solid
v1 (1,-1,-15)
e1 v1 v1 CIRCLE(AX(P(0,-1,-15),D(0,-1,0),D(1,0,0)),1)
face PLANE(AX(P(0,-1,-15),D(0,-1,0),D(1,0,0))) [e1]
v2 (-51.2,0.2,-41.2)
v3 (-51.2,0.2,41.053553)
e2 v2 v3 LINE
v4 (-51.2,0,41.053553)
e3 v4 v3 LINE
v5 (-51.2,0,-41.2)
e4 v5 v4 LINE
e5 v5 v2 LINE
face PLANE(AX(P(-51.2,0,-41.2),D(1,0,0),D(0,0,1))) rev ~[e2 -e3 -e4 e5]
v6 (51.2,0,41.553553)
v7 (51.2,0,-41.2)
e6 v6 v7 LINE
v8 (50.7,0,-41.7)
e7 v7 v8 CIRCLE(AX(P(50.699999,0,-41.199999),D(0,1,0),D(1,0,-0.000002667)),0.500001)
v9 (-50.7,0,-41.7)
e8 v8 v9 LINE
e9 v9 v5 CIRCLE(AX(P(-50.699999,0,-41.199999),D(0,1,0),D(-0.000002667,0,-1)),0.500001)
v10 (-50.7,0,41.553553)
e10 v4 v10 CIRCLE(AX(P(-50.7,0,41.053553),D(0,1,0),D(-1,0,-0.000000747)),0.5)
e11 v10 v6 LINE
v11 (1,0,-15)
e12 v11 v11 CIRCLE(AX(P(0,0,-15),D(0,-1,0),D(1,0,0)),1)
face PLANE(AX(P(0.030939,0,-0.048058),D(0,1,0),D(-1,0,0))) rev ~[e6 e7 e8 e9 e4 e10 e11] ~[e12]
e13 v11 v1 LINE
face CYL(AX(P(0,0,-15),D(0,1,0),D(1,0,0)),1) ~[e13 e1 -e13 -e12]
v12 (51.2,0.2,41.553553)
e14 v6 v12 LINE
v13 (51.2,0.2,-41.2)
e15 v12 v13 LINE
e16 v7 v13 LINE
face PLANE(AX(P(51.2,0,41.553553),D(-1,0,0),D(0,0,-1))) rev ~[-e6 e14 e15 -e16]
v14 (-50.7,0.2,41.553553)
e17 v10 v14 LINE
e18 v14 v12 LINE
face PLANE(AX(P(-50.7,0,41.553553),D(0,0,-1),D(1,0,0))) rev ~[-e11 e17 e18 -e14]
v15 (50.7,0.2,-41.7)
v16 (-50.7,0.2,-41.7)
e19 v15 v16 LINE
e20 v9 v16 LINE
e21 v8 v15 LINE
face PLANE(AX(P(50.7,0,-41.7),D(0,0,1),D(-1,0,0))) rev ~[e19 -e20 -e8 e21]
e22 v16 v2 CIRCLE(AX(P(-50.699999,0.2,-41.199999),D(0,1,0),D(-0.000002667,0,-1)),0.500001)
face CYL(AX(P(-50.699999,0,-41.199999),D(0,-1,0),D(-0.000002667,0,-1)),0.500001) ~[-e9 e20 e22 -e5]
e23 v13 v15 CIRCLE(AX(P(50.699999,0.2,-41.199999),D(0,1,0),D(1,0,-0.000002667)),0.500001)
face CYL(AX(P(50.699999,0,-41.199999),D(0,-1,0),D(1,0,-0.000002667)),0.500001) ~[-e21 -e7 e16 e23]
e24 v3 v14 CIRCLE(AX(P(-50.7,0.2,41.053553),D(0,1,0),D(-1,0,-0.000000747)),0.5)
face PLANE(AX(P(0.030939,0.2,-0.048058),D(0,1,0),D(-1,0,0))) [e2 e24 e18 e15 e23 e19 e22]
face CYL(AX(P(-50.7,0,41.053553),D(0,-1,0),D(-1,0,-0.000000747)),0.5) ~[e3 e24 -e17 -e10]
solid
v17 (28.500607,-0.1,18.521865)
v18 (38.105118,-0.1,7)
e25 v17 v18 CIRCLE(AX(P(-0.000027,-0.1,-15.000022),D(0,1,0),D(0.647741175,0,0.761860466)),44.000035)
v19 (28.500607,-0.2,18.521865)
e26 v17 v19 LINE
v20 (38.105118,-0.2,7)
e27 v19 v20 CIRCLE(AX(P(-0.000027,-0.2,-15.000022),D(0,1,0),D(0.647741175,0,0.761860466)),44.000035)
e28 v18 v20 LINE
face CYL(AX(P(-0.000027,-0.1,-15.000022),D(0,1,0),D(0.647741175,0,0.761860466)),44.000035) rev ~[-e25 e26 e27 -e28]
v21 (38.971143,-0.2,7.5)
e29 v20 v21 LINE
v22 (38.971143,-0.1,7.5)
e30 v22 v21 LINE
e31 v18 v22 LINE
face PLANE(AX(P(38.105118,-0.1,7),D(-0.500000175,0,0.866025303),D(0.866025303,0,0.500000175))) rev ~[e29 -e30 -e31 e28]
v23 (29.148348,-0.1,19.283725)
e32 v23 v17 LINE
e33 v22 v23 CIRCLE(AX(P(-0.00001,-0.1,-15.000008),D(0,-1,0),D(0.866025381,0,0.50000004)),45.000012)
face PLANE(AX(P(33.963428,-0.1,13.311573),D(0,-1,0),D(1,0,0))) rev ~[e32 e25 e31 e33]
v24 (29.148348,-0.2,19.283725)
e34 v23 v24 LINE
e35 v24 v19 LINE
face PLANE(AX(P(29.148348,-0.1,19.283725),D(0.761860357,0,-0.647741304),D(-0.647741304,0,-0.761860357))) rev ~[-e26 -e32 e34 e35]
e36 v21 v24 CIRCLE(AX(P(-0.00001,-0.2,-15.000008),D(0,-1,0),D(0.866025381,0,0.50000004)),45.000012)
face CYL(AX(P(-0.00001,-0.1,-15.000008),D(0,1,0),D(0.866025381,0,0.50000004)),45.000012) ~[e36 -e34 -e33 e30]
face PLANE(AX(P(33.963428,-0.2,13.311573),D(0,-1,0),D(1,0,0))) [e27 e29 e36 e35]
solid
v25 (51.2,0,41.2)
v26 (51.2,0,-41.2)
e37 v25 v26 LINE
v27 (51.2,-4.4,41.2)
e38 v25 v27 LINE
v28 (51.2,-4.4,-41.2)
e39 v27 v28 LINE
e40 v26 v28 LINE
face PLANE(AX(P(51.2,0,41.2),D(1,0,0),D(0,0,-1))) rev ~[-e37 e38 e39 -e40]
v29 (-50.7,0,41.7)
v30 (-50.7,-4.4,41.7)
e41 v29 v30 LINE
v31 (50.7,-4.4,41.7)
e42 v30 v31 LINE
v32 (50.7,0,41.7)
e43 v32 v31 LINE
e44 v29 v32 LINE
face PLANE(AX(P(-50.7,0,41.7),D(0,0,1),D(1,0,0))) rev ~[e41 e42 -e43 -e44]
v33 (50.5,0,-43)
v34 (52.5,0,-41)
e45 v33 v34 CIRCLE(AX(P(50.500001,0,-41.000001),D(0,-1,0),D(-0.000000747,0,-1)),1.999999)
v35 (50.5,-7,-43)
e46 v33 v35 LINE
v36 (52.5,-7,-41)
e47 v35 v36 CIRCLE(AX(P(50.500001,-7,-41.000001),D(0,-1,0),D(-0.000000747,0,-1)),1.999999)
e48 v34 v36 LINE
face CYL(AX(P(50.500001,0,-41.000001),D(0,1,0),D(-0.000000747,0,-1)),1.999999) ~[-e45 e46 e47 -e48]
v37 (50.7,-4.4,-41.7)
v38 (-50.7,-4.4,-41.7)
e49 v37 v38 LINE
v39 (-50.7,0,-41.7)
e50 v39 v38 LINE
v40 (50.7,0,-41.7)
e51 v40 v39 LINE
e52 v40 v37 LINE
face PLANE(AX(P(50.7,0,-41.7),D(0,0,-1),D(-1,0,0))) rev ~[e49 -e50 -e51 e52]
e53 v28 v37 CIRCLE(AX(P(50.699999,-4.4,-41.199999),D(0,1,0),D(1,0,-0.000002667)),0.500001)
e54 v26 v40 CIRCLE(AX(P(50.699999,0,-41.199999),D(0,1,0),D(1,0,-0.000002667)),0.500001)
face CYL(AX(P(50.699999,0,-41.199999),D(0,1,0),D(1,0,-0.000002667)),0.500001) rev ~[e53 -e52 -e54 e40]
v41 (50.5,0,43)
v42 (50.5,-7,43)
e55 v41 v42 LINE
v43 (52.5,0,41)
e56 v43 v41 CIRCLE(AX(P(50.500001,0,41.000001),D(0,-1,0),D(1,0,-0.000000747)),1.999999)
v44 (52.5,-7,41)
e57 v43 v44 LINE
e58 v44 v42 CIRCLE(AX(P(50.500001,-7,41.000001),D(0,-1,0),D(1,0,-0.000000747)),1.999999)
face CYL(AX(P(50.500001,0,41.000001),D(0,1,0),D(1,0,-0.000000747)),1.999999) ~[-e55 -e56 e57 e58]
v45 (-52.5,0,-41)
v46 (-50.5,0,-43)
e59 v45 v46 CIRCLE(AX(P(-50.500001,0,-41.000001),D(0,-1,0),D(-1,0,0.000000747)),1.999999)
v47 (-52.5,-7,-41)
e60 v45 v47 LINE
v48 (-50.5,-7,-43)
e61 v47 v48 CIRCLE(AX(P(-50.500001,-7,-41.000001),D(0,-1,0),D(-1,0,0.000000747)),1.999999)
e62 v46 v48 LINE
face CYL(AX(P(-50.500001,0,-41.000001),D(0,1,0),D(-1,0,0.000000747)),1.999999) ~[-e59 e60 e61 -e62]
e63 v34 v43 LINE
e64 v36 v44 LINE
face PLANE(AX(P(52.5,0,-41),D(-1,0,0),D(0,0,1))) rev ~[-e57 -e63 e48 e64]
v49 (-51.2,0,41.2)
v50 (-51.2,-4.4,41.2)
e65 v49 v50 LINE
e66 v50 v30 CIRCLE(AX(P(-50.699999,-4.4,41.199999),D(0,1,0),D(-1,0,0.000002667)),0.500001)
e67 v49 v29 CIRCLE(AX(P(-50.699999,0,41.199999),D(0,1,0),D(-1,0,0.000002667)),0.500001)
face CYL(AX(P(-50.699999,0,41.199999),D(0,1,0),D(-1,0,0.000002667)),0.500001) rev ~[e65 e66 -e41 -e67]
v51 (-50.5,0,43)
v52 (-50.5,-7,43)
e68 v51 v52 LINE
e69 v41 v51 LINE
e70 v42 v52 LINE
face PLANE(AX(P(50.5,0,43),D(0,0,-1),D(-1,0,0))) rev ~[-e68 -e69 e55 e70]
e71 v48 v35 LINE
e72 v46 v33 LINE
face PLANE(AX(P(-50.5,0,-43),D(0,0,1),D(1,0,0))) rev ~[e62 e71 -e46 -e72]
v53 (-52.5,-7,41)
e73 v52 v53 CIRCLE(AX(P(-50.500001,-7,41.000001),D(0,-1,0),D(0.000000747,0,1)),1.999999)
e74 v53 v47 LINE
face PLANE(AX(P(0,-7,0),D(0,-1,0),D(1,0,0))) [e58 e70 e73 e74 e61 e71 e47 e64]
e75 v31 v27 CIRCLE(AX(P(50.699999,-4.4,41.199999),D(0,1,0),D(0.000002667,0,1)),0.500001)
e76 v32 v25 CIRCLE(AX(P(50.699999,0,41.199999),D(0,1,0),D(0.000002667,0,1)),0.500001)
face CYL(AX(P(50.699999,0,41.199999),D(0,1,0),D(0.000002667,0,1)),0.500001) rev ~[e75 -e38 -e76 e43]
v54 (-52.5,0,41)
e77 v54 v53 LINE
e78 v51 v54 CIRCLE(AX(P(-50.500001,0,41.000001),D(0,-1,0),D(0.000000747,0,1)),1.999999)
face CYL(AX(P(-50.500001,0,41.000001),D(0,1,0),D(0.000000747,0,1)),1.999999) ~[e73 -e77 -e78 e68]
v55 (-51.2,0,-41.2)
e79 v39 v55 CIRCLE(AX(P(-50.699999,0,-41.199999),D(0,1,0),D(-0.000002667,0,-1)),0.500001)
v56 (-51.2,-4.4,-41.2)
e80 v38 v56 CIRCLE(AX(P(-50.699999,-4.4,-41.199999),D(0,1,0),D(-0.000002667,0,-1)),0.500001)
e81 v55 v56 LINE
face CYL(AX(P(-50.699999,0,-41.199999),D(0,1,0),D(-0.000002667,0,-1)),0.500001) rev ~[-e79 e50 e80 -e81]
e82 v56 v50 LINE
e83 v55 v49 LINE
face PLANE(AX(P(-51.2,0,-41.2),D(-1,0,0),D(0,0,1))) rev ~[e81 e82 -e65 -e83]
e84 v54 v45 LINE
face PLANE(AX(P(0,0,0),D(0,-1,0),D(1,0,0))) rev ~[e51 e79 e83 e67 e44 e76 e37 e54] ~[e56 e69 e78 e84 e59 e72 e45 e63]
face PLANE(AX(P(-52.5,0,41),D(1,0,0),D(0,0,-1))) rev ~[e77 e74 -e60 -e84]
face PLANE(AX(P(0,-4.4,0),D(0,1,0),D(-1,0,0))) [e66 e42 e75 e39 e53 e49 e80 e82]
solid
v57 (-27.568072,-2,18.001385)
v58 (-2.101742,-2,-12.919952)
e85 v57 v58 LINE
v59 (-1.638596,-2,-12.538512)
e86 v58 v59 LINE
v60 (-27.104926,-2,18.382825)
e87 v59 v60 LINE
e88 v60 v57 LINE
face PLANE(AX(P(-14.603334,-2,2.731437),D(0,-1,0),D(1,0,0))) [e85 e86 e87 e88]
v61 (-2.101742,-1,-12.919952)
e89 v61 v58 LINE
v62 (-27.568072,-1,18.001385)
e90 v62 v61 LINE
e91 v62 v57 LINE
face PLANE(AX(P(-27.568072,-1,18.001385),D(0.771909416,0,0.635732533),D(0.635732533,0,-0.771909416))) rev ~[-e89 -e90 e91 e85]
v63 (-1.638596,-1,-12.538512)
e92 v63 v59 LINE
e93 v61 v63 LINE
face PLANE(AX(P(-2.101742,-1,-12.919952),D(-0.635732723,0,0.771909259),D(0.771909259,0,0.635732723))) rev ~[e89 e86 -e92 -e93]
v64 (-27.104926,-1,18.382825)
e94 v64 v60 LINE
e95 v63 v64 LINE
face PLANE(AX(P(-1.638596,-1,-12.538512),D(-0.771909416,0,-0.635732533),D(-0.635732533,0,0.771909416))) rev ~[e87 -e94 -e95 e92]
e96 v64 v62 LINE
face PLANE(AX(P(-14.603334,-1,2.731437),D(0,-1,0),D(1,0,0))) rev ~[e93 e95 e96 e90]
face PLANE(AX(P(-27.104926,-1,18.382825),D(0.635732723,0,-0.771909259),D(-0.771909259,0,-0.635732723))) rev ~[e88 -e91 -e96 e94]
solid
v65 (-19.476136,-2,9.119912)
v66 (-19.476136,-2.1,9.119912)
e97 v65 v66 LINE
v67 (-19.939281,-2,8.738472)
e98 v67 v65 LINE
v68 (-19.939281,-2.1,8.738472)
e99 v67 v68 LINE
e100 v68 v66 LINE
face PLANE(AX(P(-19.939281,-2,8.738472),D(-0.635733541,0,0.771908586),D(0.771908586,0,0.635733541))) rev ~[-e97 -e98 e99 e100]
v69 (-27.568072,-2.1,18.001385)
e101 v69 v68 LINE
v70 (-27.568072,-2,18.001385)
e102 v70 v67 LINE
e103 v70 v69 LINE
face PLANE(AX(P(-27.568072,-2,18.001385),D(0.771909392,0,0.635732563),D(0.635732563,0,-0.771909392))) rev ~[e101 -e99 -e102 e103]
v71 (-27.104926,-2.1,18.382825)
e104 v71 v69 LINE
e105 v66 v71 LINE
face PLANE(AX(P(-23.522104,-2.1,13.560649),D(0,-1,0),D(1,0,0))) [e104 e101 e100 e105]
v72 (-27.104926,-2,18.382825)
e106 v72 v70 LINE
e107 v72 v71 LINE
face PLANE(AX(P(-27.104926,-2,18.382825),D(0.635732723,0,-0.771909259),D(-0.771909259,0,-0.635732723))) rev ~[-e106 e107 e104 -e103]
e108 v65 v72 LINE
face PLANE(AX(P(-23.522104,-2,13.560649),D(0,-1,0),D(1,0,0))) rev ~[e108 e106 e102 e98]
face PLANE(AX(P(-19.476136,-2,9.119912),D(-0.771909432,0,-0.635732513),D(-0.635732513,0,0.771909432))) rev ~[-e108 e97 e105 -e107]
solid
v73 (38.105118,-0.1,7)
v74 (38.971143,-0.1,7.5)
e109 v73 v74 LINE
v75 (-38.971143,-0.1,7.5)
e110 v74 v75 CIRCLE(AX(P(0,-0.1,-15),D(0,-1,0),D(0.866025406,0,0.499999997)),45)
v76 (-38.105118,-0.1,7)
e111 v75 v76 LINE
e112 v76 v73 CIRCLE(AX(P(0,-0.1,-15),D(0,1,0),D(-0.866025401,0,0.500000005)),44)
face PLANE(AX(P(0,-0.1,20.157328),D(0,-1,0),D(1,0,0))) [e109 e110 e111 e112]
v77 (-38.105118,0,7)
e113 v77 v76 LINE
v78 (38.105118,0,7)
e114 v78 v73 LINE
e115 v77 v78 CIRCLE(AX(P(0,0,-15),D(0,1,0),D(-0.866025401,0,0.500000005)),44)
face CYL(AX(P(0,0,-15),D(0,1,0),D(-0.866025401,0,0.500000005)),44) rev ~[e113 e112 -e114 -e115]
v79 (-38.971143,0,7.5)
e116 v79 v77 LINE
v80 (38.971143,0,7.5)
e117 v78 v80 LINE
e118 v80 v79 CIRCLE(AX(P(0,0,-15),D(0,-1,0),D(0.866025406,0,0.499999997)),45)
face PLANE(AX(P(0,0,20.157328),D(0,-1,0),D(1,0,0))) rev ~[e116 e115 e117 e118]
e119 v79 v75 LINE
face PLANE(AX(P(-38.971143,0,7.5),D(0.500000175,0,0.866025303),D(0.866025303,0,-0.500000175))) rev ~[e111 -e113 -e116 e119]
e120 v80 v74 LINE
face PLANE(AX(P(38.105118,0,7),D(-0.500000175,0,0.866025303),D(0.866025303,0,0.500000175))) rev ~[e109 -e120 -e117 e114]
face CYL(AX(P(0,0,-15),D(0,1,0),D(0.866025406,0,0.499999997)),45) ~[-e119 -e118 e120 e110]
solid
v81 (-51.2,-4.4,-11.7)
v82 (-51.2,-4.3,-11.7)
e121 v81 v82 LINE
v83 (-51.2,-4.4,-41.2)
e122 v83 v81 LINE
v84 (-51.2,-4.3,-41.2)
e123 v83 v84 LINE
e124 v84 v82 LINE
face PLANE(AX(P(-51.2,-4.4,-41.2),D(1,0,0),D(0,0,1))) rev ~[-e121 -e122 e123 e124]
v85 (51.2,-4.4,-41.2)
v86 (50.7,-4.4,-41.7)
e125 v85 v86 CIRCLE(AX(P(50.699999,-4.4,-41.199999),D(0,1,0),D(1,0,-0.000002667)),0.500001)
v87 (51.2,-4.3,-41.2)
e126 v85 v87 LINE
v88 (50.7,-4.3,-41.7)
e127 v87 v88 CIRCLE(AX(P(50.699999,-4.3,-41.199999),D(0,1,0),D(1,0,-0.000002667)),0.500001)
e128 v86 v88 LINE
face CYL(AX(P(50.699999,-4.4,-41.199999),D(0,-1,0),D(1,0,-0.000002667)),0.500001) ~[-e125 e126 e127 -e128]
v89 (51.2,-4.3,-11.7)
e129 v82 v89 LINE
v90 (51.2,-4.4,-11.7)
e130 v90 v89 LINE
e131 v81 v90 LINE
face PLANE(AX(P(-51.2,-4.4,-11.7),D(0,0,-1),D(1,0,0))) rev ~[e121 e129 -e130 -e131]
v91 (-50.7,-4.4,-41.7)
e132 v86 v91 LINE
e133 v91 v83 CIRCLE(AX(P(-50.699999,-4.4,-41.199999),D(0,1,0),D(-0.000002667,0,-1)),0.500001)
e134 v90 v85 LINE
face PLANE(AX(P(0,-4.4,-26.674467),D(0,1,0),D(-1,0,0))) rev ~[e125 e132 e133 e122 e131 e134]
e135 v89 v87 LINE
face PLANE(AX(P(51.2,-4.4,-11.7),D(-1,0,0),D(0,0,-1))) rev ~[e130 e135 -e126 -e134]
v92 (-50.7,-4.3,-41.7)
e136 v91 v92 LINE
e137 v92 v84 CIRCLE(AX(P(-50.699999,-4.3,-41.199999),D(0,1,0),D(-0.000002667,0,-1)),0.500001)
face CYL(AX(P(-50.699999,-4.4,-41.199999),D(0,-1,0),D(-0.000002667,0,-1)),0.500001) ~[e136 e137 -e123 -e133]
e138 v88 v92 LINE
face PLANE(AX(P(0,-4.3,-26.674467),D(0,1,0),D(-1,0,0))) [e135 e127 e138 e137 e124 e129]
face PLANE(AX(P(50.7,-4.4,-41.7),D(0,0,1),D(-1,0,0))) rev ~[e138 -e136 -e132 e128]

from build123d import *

# Parameters (mm, degrees)
F1_DEPTH  = 7
F3_DEPTH  = 4.4
F5_DEPTH  = 0.2
F7_DEPTH  = 0.1
F8_R      = 1
F9_DEPTH  = 1
F11_DEPTH = 1
F13_DEPTH = 0.1
F15_DEPTH = 0.1
F17_DEPTH = 0.1


with BuildPart() as f1:
    # F0 (on Front) → F1 (new body)
    with BuildSketch(Plane.XZ):
        with BuildLine():
            Line((50.5, 43), (-50.5, 43))
            ThreePointArc((-50.5, 43), (-51.914214, 42.414214), (-52.5, 41))
            Line((-52.5, 41), (-52.5, -41))
            ThreePointArc((-52.5, -41), (-51.914214, -42.414214), (-50.5, -43))
            Line((-50.5, -43), (50.5, -43))
            ThreePointArc((50.5, -43), (51.914214, -42.414214), (52.5, -41))
            Line((52.5, -41), (52.5, 41))
            ThreePointArc((52.5, 41), (51.914214, 42.414214), (50.5, 43))
        make_face()
    extrude(amount=F1_DEPTH)

    # F2 (on face) → F3 (cut)
    with BuildSketch(Plane(origin=(0, 0, 0), x_dir=(-1, 0, 0), z_dir=(0, 1, 0))):
        with BuildLine():
            Line((-50.7, -41.7), (50.7, -41.7))
            ThreePointArc((50.7, -41.7), (51.053553, -41.553553), (51.2, -41.2))
            Line((51.2, -41.2), (51.2, 41.2))
            ThreePointArc((51.2, 41.2), (51.053553, 41.553553), (50.7, 41.7))
            Line((50.7, 41.7), (-50.7, 41.7))
            ThreePointArc((-50.7, 41.7), (-51.053553, 41.553553), (-51.2, 41.2))
            Line((-51.2, 41.2), (-51.2, -41.2))
            ThreePointArc((-51.2, -41.2), (-51.053553, -41.553553), (-50.7, -41.7))
        make_face()
    extrude(amount=-F3_DEPTH, mode=Mode.SUBTRACT)


with BuildPart() as f5:
    # F4 (on face) → F5 (new body)
    with BuildSketch(Plane(origin=(0, 0, 0), x_dir=(-1, 0, 0), z_dir=(0, 1, 0))):
        with BuildLine():
            Line((50.7, 41.553553), (-51.2, 41.553553))
            Line((-51.2, 41.553553), (-51.2, -41.2))
            ThreePointArc((-51.2, -41.2), (-51.053553, -41.553553), (-50.7, -41.7))
            Line((-50.7, -41.7), (50.7, -41.7))
            ThreePointArc((50.7, -41.7), (51.053553, -41.553553), (51.2, -41.2))
            Line((51.2, -41.2), (51.2, 41.053553))
            ThreePointArc((51.2, 41.053553), (51.053553, 41.407107), (50.7, 41.553553))
        make_face()
    extrude(amount=F5_DEPTH)

    # F8 (on face) → F9 (join)
    with BuildSketch(Plane.XZ):
        with Locations((0, -15)):
            Circle(F8_R)
    extrude(amount=F9_DEPTH)


with BuildPart() as f7:
    # F6 (on face) → F7 (new body)
    with BuildSketch(Plane.XZ):
        with BuildLine():
            ThreePointArc((38.971143, 7.5), (0, 30), (-38.971143, 7.5))
            Line((-38.971143, 7.5), (-38.105118, 7))
            ThreePointArc((-38.105118, 7), (0, 29), (38.105118, 7))
            Line((38.105118, 7), (38.971143, 7.5))
        make_face()
    extrude(amount=F7_DEPTH)


with BuildPart() as f11:
    # F10 (on face) → F11 (new body)
    with BuildSketch(Plane.XZ.offset(1)):
        Polygon((-1.638596, -12.538512), (-27.104926, 18.382825), (-27.568072, 18.001385), (-2.101742, -12.919952), align=None)
    extrude(amount=F11_DEPTH)


with BuildPart() as f13:
    # F12 (on face) → F13 (new body)
    with BuildSketch(Plane.XZ.offset(2)):
        Polygon((-27.104926, 18.382825), (-27.568072, 18.001385), (-19.939281, 8.738472), (-19.476136, 9.119912), align=None)
    extrude(amount=F13_DEPTH)


with BuildPart() as f15:
    # F14 (on face) → F15 (new body)
    with BuildSketch(Plane(origin=(0, -4.4, 0), x_dir=(-1, 0, 0), z_dir=(0, 1, 0))):
        with BuildLine():
            Line((51.2, -11.7), (-51.2, -11.7))
            Line((-51.2, -11.7), (-51.2, -41.2))
            ThreePointArc((-51.2, -41.2), (-51.053553, -41.553553), (-50.7, -41.7))
            Line((-50.7, -41.7), (50.7, -41.7))
            ThreePointArc((50.7, -41.7), (51.053553, -41.553553), (51.2, -41.2))
            Line((51.2, -41.2), (51.2, -11.7))
        make_face()
    extrude(amount=F15_DEPTH)


with BuildPart() as f17:
    # F16 (on face) → F17 (new body)
    with BuildSketch(Plane.XZ.offset(0.1)):
        with BuildLine():
            Line((29.148348, 19.283725), (28.500607, 18.521865))
            ThreePointArc((28.500607, 18.521865), (33.79747, 13.173232), (38.105118, 7))
            Line((38.105118, 7), (38.971143, 7.5))
            ThreePointArc((38.971143, 7.5), (34.565594, 13.813533), (29.148348, 19.283725))
        make_face()
    extrude(amount=F17_DEPTH)


solid = Compound([f1.part, f5.part, f7.part, f11.part, f13.part, f15.part, f17.part])
